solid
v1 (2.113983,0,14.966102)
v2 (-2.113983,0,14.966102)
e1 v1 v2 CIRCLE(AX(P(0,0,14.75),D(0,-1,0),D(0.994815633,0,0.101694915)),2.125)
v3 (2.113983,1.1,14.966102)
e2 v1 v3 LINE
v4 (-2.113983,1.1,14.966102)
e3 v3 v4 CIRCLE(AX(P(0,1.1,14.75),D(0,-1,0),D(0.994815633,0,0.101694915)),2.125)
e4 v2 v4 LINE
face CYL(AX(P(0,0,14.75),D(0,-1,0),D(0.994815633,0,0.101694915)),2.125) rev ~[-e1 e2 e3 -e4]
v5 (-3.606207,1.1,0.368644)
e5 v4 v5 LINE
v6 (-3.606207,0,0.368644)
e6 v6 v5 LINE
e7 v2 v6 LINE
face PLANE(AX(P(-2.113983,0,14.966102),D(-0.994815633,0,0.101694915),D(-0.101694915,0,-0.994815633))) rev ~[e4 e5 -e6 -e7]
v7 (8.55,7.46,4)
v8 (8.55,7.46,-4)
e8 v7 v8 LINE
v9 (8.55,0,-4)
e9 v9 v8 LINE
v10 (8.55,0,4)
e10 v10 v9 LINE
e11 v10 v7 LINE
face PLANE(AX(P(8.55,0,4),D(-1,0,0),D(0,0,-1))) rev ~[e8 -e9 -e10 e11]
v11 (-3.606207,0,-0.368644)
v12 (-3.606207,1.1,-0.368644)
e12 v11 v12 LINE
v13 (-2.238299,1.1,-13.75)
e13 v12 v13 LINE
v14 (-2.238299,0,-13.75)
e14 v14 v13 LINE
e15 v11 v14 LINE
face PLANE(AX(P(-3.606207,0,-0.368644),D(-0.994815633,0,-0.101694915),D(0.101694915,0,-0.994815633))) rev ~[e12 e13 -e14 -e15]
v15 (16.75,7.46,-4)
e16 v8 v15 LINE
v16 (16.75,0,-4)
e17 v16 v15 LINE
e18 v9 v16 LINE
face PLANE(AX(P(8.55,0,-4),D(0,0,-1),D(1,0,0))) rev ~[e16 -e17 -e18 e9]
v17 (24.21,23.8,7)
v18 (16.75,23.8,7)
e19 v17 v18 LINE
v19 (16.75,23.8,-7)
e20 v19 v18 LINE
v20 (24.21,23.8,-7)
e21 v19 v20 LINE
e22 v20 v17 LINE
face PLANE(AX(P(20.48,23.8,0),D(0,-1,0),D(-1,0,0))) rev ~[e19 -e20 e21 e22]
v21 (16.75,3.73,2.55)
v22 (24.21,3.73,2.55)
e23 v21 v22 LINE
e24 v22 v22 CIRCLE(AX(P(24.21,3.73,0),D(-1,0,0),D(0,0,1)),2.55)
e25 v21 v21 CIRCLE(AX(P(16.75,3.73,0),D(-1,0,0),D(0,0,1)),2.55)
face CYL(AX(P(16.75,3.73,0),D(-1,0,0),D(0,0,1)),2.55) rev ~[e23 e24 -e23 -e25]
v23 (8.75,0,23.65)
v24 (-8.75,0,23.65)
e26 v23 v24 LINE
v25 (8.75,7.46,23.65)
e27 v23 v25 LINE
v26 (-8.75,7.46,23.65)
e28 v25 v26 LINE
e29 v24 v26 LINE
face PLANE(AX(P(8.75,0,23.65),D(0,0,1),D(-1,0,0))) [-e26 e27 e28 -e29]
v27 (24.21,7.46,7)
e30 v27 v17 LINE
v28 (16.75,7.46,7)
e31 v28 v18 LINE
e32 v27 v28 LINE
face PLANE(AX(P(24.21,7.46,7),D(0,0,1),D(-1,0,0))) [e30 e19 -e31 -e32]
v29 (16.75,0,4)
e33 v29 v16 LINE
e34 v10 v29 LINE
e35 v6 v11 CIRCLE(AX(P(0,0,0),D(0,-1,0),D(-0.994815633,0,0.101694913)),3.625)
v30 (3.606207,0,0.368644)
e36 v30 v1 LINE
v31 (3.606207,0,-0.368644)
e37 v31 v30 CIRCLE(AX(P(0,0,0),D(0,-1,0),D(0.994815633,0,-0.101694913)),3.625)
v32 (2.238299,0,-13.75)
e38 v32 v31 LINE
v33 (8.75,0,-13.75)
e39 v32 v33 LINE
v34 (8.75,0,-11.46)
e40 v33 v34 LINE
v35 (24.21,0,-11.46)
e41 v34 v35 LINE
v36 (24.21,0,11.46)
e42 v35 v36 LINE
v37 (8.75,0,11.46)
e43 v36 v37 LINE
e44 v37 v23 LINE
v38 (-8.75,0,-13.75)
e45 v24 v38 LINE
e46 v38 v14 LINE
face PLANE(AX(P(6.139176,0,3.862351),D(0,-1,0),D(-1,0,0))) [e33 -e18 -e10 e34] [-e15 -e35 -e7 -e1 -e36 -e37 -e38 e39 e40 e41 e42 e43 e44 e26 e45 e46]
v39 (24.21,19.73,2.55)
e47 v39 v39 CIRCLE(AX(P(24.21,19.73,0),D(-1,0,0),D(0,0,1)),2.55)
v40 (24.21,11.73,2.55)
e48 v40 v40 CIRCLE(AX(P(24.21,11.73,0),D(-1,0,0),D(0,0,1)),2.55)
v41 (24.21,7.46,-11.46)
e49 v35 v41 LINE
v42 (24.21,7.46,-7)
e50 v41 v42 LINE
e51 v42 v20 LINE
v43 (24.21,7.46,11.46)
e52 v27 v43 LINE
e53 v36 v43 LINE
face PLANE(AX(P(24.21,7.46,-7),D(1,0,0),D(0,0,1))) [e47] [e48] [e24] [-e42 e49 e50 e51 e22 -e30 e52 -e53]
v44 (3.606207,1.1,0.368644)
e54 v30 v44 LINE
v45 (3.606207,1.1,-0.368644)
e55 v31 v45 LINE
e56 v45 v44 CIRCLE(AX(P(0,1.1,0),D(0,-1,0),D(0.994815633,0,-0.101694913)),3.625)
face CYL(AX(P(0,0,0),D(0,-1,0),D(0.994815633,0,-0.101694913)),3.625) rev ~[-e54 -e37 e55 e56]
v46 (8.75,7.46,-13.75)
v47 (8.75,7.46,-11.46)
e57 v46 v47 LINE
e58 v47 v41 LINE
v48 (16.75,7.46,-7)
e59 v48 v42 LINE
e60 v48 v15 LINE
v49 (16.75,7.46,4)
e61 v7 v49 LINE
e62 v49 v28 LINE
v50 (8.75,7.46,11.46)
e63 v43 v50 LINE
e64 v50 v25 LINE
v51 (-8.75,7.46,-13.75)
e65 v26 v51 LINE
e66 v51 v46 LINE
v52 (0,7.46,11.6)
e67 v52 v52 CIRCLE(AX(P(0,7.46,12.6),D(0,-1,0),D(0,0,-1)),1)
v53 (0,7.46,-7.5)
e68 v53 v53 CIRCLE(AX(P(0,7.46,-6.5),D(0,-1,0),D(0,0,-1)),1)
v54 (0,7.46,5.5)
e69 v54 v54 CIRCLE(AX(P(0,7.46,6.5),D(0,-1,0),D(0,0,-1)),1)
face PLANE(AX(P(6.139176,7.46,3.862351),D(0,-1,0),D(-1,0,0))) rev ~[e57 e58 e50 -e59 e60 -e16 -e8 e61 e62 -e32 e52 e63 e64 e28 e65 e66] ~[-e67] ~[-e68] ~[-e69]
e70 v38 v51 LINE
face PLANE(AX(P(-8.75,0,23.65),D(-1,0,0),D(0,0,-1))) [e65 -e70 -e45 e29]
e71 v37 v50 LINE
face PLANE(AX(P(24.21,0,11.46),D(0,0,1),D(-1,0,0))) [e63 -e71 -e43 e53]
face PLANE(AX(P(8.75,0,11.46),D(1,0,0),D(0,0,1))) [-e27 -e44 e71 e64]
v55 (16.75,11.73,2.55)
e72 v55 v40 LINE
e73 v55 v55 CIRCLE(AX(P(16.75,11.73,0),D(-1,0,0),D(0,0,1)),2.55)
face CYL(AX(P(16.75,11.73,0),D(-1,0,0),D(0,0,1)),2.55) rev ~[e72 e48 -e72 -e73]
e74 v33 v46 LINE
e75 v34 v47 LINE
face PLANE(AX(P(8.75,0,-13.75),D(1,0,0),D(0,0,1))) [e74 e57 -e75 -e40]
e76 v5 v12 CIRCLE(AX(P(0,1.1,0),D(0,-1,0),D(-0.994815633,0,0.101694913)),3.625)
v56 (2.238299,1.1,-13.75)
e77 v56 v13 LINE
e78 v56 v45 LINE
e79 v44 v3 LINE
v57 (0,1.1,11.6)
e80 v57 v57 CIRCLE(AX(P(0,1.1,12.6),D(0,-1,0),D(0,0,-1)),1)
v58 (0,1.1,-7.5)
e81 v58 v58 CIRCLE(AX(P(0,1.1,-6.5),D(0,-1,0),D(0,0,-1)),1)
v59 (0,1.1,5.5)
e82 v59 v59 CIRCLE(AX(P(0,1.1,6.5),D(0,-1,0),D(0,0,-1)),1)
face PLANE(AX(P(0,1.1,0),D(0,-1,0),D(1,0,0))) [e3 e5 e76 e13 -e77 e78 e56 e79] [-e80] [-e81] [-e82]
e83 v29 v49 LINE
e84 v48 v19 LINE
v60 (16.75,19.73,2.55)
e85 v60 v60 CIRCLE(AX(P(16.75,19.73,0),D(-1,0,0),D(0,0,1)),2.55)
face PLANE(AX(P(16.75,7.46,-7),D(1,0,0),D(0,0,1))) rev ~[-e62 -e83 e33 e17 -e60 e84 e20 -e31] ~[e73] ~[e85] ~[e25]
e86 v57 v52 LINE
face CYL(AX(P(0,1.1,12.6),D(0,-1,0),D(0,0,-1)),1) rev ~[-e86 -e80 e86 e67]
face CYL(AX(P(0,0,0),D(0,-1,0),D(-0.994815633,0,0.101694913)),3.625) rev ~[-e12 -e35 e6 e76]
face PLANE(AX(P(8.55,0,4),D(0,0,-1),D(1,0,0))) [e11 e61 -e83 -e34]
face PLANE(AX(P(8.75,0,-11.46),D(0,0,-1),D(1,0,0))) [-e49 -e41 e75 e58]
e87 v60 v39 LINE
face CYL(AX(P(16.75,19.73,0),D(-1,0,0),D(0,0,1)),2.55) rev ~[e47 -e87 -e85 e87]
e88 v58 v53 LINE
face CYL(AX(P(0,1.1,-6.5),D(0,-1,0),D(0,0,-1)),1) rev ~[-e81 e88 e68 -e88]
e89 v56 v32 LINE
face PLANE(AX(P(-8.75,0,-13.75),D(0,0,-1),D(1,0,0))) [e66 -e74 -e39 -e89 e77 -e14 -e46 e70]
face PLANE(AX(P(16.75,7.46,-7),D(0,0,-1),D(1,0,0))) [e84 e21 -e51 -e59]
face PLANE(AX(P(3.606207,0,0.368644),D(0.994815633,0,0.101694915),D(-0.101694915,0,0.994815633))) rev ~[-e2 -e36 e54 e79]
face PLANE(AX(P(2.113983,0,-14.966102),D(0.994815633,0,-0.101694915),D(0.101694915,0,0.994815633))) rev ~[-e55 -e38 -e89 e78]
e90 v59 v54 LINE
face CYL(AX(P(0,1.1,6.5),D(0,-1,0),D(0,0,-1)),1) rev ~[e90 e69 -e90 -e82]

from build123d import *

# Parameters (mm, degrees)
SKETCH1_W           = 8.2
SKETCH1_H           = 8
BOSS_EXTRUDE1_DEPTH = 7.46
BOSS_EXTRUDE2_DEPTH = 16.34
SKETCH4_R           = 2.55
CUT_EXTRUDE1_DEPTH  = 43.142763317
CUT_EXTRUDE2_DEPTH  = 1.1
CUT_EXTRUDE4_REACH  = 42.752
SKETCH6_R           = 1


with BuildPart() as part:
    # Sketch1 → Boss-Extrude1 (new body)
    with BuildSketch(Plane(origin=(0, 0, 0), x_dir=(1, 0, 0), z_dir=(0, 1, 0))):
        Polygon((8.75, 11.46), (24.21, 11.46), (24.21, -11.46), (8.75, -11.46), (8.75, -23.65), (-8.75, -23.65), (-8.75, 13.75), (8.75, 13.75), align=None)
        with Locations((12.65, 0)):
            Rectangle(SKETCH1_W, SKETCH1_H, mode=Mode.SUBTRACT)
    extrude(amount=BOSS_EXTRUDE1_DEPTH)

    # Sketch3 → Boss-Extrude2 (add)
    with BuildSketch(Plane(origin=(0, 7.46, 0), x_dir=(1, 0, 0), z_dir=(0, 1, 0))):
        Polygon((16.75, 7), (24.21, 7), (24.21, -7), (16.75, -7), (16.75, -4), (16.75, 4), align=None)
    extrude(amount=BOSS_EXTRUDE2_DEPTH)

    # Sketch4 → Cut-Extrude1 (cut, through all)
    with BuildSketch(Plane.ZY.offset(-16.75)):
        with Locations((0, 3.73)):
            Circle(SKETCH4_R)
        with Locations((0, 11.73)):
            Circle(SKETCH4_R)
        with Locations((0, 19.73)):
            Circle(SKETCH4_R)
    extrude(amount=-CUT_EXTRUDE1_DEPTH, mode=Mode.SUBTRACT)

    # Sketch5 → Cut-Extrude2 (cut)
    with BuildSketch(Plane.XZ):
        with BuildLine():
            Line((-2.113983221, 14.966101695), (-3.606206671, 0.368644068))
            ThreePointArc((-3.606206671, 0.368644068), (-3.625, 0), (-3.606206671, -0.368644068))
            Line((-3.606206671, -0.368644068), (-2.113983221, -14.966101695))
            ThreePointArc((-2.113983221, -14.966101695), (0, -16.875), (2.113983221, -14.966101695))
            Line((2.113983221, -14.966101695), (3.606206671, -0.368644068))
            ThreePointArc((3.606206671, -0.368644068), (3.625, 0), (3.606206671, 0.368644068))
            Line((3.606206671, 0.368644068), (2.113983221, 14.966101695))
            ThreePointArc((2.113983221, 14.966101695), (0, 16.875), (-2.113983221, 14.966101695))
        make_face()
    extrude(amount=-CUT_EXTRUDE2_DEPTH, mode=Mode.SUBTRACT)

    # Sketch6 → Cut-Extrude4 (cut, up to next)
    with BuildSketch(Plane.XZ.offset(-1.1), mode=Mode.PRIVATE) as cut_extrude4_sk1:
        with Locations(Location((0, 12.6, 0), (0, 0, 270))):
            Circle(SKETCH6_R)
    cut_extrude4_tool1 = extrude(cut_extrude4_sk1.sketch, amount=-CUT_EXTRUDE4_REACH, mode=Mode.PRIVATE) & part.part
    # Sketch6 → Cut-Extrude4 (cut, up to next)
    with BuildSketch(Plane.XZ.offset(-1.1), mode=Mode.PRIVATE) as cut_extrude4_sk2:
        with Locations(Location((0, 6.5, 0), (0, 0, 270))):
            Circle(SKETCH6_R)
    cut_extrude4_tool2 = extrude(cut_extrude4_sk2.sketch, amount=-CUT_EXTRUDE4_REACH, mode=Mode.PRIVATE) & part.part
    # Sketch6 → Cut-Extrude4 (cut, up to next)
    with BuildSketch(Plane.XZ.offset(-1.1), mode=Mode.PRIVATE) as cut_extrude4_sk3:
        with Locations(Location((0, -6.5, 0), (0, 0, 270))):
            Circle(SKETCH6_R)
    cut_extrude4_tool3 = extrude(cut_extrude4_sk3.sketch, amount=-CUT_EXTRUDE4_REACH, mode=Mode.PRIVATE) & part.part
    add(cut_extrude4_tool1.solids().sort_by_distance((0, 1.1, 12.6))[0], mode=Mode.SUBTRACT)
    add(cut_extrude4_tool2.solids().sort_by_distance((0, 1.1, 6.5))[0], mode=Mode.SUBTRACT)
    add(cut_extrude4_tool3.solids().sort_by_distance((0, 1.1, -6.5))[0], mode=Mode.SUBTRACT)


solid = part.part
